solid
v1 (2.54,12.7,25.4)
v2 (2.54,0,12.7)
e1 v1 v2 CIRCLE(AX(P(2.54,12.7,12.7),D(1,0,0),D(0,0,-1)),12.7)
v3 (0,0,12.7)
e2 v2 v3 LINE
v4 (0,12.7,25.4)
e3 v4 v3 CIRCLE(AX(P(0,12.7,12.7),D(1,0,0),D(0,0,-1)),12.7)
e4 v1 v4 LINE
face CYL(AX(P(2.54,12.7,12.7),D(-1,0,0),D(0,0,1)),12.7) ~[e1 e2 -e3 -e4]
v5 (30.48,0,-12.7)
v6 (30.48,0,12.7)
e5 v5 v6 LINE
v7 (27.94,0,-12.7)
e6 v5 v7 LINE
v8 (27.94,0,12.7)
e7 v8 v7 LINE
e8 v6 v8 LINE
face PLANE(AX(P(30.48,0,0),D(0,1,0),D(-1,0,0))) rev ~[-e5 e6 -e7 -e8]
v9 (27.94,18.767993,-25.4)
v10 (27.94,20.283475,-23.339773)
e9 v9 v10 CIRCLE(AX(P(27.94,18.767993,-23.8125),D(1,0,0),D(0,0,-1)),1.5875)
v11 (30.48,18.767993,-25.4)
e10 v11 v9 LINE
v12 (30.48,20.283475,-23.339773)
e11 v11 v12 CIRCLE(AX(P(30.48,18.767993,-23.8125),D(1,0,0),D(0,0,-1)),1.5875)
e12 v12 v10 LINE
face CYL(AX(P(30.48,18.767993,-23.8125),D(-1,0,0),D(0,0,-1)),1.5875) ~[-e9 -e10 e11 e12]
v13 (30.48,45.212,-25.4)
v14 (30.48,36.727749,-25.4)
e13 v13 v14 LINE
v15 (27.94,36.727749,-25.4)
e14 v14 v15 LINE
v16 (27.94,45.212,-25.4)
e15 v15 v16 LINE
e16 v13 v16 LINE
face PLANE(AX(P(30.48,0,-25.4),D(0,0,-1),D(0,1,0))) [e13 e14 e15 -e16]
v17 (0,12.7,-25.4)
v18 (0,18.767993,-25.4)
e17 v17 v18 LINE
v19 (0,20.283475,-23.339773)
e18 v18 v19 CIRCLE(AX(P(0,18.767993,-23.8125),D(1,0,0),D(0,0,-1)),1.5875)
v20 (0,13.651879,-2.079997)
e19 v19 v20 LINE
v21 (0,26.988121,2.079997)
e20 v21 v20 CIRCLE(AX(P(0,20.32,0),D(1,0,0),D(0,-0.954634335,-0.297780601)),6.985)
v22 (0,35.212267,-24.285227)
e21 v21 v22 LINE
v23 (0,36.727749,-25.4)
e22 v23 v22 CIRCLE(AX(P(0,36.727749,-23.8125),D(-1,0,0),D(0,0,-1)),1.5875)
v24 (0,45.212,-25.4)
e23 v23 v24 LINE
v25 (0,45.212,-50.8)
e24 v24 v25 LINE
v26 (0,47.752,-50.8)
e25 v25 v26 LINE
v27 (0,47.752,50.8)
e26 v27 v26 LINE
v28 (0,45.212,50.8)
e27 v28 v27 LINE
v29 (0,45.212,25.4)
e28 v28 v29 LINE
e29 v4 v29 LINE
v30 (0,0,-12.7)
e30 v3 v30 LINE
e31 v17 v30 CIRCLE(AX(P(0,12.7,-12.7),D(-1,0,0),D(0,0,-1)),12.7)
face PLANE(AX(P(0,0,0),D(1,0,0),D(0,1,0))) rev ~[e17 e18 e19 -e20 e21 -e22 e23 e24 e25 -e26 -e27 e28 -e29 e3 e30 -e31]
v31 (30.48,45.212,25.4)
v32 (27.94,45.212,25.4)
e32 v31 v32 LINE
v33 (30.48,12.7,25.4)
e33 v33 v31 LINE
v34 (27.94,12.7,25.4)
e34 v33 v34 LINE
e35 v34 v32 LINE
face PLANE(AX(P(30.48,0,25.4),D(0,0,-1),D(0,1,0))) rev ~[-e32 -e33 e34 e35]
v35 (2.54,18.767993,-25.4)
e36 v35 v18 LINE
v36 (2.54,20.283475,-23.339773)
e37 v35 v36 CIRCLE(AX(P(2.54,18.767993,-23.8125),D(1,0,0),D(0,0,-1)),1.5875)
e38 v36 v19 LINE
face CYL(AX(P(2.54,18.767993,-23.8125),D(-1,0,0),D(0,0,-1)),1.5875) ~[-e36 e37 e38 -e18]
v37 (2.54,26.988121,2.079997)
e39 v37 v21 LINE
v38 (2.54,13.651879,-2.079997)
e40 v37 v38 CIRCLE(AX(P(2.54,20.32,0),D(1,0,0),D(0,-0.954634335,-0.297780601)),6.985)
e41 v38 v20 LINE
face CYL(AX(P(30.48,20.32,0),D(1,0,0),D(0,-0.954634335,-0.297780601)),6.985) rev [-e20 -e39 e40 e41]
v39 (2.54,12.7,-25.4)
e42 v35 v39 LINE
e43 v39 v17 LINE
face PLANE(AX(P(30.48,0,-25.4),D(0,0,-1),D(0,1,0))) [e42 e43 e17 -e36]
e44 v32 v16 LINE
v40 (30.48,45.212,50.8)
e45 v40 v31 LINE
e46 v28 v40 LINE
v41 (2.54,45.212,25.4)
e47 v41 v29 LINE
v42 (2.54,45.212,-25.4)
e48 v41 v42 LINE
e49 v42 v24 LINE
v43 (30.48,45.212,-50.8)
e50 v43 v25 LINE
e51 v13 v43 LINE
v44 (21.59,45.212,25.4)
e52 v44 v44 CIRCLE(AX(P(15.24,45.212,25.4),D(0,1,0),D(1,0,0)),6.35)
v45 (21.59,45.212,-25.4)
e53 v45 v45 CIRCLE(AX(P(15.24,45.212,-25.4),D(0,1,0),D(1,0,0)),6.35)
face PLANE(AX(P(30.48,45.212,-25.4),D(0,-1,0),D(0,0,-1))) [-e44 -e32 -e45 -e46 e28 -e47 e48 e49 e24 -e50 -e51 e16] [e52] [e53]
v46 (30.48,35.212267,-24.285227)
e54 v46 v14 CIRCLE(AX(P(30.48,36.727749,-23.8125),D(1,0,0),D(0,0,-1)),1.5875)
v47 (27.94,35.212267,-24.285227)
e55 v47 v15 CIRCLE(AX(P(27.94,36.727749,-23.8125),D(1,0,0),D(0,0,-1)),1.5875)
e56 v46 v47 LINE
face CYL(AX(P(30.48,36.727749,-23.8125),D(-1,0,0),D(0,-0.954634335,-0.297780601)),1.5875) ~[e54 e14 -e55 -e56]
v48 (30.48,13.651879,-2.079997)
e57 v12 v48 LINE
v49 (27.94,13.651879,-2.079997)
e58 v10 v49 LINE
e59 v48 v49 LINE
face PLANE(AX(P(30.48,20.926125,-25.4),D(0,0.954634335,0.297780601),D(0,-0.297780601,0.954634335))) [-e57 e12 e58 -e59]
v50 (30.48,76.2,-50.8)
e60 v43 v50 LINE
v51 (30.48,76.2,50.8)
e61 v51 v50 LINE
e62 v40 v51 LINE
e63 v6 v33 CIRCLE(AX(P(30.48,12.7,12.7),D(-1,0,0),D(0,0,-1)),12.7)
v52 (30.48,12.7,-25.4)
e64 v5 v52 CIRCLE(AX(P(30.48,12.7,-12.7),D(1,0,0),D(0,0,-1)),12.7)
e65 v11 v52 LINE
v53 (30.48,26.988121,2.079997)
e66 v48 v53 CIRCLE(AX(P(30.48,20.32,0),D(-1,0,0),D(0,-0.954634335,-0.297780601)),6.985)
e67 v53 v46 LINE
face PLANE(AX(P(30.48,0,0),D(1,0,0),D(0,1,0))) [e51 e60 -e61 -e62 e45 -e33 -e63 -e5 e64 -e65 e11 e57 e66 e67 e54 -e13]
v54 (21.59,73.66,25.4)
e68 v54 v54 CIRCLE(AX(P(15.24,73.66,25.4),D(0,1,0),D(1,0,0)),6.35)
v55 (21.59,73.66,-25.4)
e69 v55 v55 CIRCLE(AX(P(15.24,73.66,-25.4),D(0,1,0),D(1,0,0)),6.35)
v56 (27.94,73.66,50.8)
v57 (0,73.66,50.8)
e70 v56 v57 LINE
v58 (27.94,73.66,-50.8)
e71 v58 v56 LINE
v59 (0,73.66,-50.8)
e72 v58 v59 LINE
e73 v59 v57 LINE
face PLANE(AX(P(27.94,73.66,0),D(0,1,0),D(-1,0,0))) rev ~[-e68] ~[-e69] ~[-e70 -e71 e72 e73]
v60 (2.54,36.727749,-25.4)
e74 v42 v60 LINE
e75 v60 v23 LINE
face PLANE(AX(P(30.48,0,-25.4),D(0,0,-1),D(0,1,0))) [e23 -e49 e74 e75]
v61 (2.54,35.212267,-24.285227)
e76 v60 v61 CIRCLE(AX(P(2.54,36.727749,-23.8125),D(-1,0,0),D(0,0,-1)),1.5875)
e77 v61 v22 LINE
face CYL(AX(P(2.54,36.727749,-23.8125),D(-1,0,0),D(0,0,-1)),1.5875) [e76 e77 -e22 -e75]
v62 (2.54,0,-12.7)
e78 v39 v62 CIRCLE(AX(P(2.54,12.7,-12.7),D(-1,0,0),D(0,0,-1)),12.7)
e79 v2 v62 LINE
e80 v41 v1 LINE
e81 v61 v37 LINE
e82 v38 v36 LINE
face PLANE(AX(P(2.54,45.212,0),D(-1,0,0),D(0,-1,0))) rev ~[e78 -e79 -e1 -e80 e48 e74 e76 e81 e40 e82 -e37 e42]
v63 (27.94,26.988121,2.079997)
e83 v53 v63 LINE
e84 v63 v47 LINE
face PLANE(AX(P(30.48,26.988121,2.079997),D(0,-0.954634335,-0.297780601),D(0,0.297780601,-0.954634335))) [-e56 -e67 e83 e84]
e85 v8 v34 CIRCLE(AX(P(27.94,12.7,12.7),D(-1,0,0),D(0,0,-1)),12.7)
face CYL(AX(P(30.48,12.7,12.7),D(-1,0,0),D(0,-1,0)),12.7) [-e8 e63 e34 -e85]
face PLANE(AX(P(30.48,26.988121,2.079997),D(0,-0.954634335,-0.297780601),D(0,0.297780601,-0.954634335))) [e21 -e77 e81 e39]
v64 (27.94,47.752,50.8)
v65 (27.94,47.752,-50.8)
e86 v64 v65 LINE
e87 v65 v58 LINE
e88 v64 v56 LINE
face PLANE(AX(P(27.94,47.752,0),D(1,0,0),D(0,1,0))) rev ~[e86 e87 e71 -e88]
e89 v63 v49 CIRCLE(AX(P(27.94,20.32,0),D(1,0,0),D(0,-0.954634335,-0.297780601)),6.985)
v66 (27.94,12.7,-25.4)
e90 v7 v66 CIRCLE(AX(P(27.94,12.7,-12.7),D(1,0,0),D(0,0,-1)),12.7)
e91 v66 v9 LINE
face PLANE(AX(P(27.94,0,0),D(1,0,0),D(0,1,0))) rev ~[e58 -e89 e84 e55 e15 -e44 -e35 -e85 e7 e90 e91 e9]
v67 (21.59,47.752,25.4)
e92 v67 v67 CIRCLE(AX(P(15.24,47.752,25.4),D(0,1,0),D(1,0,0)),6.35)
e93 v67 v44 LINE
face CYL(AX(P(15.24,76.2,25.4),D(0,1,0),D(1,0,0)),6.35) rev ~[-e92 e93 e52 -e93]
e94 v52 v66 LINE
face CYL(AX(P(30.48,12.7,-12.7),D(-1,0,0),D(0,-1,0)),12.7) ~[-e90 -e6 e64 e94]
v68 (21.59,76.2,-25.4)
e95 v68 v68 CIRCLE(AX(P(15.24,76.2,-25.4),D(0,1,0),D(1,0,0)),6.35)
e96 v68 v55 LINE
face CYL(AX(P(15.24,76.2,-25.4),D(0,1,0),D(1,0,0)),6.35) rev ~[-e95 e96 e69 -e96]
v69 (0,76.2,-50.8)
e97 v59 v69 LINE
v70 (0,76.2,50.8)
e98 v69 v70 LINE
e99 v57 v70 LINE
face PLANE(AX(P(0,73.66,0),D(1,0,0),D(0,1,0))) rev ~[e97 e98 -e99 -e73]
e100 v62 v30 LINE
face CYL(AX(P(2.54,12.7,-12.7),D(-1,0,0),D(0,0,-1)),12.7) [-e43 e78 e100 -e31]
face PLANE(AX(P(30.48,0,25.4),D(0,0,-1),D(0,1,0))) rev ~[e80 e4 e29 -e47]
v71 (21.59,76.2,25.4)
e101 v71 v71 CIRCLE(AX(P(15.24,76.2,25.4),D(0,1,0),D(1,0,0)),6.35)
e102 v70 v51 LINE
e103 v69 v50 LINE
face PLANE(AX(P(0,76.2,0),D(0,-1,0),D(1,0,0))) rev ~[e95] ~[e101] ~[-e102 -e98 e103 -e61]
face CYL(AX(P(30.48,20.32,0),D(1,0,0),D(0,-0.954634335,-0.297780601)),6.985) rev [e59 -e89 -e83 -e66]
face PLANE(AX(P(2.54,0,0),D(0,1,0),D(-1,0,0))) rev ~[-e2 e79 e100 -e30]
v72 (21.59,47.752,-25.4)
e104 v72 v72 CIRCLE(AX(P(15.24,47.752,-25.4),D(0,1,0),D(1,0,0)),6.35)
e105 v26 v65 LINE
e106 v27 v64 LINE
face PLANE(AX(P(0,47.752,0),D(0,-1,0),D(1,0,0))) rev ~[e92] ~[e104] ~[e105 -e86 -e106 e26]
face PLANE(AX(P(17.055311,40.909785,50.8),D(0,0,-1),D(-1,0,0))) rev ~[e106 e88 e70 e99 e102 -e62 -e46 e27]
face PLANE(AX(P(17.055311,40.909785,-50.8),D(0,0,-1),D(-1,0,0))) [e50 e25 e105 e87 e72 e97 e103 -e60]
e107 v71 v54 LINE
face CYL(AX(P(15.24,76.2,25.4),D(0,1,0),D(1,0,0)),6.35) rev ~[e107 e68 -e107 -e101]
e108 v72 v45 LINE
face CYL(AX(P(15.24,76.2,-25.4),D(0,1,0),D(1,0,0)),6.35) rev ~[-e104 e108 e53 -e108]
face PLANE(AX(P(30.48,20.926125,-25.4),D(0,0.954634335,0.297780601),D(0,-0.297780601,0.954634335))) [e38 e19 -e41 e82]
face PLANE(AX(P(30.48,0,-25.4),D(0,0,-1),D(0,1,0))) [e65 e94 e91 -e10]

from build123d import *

# Parameters (mm, degrees)
BOSS_EXTRUDE1_DEPTH     = 50.8
SKETCH4_W               = 25.4
SKETCH4_H               = 45.212
CUT_EXTRUDE1_DEPTH      = 1
CUT_EXTRUDE1_DEPTH_BACK = 31.48
CUT_EXTRUDE4_DEPTH      = 1
CUT_EXTRUDE4_DEPTH_BACK = 31.48
SKETCH8_R               = 6.35
BOLT_HOLES_DEPTH        = 1
BOLT_HOLES_DEPTH_BACK   = 77.2
FILLET3_R               = 12.7
FILLET4_R               = 1.5875


with BuildPart() as part:
    # Sketch1 → Boss-Extrude1 (new body, symmetric)
    with BuildSketch(Plane.XY):
        Polygon((0, 76.2), (30.48, 76.2), (30.48, 73.66), (30.48, 47.752), (30.48, 0), (27.94, 0), (27.94, 45.212), (2.54, 45.212), (2.54, 0), (0, 0), (0, 47.752), (27.94, 47.752), (27.94, 73.66), (0, 73.66), align=None)
    extrude(amount=BOSS_EXTRUDE1_DEPTH, both=True)

    # Sketch4 → Cut-Extrude1 (cut, two sides)
    with BuildSketch(Plane(origin=(30.48, 0, 0), x_dir=(0, 0, -1), z_dir=(1, 0, 0))) as cut_extrude1_sk:
        with Locations((-38.1, 22.606)):
            Rectangle(SKETCH4_W, SKETCH4_H)
        with Locations((38.1, 22.606)):
            Rectangle(SKETCH4_W, SKETCH4_H)
    extrude(amount=CUT_EXTRUDE1_DEPTH, mode=Mode.SUBTRACT)
    extrude(cut_extrude1_sk.sketch, amount=-CUT_EXTRUDE1_DEPTH_BACK, mode=Mode.SUBTRACT)

    # Sketch7 → Cut-Extrude4 (cut, two sides)
    with BuildSketch(Plane(origin=(30.48, 0, 0), x_dir=(0, 0, -1), z_dir=(1, 0, 0))) as cut_extrude4_sk:
        with BuildLine():
            Line((-2.079997498, 26.98812083), (25.4, 35.56))
            Line((25.4, 35.56), (25.4, 20.926124507))
            Line((25.4, 20.926124507), (2.079997498, 13.65187917))
            ThreePointArc((2.079997498, 13.65187917), (-6.66812083, 18.240002502), (-2.079997498, 26.98812083))
        make_face()
    extrude(amount=CUT_EXTRUDE4_DEPTH, mode=Mode.SUBTRACT)
    extrude(cut_extrude4_sk.sketch, amount=-CUT_EXTRUDE4_DEPTH_BACK, mode=Mode.SUBTRACT)

    # Sketch8 → BOLT HOLES (cut, two sides)
    with BuildSketch(Plane(origin=(0, 76.2, 0), x_dir=(1, 0, 0), z_dir=(0, 1, 0))) as bolt_holes_sk:
        with Locations((15.24, -25.4)):
            Circle(SKETCH8_R)
        with Locations((15.24, 25.4)):
            Circle(SKETCH8_R)
    extrude(amount=BOLT_HOLES_DEPTH, mode=Mode.SUBTRACT)
    extrude(bolt_holes_sk.sketch, amount=-BOLT_HOLES_DEPTH_BACK, mode=Mode.SUBTRACT)

    # Fillet3
    fillet3_edges = [part.edges().sort_by_distance(p)[0] for p in [
        (1.27, 0, 25.4),
        (29.21, 0, 25.4),
        (1.27, 0, -25.4),
        (29.21, 0, -25.4),
    ]]
    fillet(fillet3_edges, radius=FILLET3_R)

    # Fillet4
    fillet4_edges = [part.edges().sort_by_distance(p)[0] for p in [
        (1.27, 35.56, -25.4),
        (29.21, 35.56, -25.4),
        (1.27, 20.926124507, -25.4),
        (29.21, 20.926124507, -25.4),
    ]]
    fillet(fillet4_edges, radius=FILLET4_R)


solid = part.part
